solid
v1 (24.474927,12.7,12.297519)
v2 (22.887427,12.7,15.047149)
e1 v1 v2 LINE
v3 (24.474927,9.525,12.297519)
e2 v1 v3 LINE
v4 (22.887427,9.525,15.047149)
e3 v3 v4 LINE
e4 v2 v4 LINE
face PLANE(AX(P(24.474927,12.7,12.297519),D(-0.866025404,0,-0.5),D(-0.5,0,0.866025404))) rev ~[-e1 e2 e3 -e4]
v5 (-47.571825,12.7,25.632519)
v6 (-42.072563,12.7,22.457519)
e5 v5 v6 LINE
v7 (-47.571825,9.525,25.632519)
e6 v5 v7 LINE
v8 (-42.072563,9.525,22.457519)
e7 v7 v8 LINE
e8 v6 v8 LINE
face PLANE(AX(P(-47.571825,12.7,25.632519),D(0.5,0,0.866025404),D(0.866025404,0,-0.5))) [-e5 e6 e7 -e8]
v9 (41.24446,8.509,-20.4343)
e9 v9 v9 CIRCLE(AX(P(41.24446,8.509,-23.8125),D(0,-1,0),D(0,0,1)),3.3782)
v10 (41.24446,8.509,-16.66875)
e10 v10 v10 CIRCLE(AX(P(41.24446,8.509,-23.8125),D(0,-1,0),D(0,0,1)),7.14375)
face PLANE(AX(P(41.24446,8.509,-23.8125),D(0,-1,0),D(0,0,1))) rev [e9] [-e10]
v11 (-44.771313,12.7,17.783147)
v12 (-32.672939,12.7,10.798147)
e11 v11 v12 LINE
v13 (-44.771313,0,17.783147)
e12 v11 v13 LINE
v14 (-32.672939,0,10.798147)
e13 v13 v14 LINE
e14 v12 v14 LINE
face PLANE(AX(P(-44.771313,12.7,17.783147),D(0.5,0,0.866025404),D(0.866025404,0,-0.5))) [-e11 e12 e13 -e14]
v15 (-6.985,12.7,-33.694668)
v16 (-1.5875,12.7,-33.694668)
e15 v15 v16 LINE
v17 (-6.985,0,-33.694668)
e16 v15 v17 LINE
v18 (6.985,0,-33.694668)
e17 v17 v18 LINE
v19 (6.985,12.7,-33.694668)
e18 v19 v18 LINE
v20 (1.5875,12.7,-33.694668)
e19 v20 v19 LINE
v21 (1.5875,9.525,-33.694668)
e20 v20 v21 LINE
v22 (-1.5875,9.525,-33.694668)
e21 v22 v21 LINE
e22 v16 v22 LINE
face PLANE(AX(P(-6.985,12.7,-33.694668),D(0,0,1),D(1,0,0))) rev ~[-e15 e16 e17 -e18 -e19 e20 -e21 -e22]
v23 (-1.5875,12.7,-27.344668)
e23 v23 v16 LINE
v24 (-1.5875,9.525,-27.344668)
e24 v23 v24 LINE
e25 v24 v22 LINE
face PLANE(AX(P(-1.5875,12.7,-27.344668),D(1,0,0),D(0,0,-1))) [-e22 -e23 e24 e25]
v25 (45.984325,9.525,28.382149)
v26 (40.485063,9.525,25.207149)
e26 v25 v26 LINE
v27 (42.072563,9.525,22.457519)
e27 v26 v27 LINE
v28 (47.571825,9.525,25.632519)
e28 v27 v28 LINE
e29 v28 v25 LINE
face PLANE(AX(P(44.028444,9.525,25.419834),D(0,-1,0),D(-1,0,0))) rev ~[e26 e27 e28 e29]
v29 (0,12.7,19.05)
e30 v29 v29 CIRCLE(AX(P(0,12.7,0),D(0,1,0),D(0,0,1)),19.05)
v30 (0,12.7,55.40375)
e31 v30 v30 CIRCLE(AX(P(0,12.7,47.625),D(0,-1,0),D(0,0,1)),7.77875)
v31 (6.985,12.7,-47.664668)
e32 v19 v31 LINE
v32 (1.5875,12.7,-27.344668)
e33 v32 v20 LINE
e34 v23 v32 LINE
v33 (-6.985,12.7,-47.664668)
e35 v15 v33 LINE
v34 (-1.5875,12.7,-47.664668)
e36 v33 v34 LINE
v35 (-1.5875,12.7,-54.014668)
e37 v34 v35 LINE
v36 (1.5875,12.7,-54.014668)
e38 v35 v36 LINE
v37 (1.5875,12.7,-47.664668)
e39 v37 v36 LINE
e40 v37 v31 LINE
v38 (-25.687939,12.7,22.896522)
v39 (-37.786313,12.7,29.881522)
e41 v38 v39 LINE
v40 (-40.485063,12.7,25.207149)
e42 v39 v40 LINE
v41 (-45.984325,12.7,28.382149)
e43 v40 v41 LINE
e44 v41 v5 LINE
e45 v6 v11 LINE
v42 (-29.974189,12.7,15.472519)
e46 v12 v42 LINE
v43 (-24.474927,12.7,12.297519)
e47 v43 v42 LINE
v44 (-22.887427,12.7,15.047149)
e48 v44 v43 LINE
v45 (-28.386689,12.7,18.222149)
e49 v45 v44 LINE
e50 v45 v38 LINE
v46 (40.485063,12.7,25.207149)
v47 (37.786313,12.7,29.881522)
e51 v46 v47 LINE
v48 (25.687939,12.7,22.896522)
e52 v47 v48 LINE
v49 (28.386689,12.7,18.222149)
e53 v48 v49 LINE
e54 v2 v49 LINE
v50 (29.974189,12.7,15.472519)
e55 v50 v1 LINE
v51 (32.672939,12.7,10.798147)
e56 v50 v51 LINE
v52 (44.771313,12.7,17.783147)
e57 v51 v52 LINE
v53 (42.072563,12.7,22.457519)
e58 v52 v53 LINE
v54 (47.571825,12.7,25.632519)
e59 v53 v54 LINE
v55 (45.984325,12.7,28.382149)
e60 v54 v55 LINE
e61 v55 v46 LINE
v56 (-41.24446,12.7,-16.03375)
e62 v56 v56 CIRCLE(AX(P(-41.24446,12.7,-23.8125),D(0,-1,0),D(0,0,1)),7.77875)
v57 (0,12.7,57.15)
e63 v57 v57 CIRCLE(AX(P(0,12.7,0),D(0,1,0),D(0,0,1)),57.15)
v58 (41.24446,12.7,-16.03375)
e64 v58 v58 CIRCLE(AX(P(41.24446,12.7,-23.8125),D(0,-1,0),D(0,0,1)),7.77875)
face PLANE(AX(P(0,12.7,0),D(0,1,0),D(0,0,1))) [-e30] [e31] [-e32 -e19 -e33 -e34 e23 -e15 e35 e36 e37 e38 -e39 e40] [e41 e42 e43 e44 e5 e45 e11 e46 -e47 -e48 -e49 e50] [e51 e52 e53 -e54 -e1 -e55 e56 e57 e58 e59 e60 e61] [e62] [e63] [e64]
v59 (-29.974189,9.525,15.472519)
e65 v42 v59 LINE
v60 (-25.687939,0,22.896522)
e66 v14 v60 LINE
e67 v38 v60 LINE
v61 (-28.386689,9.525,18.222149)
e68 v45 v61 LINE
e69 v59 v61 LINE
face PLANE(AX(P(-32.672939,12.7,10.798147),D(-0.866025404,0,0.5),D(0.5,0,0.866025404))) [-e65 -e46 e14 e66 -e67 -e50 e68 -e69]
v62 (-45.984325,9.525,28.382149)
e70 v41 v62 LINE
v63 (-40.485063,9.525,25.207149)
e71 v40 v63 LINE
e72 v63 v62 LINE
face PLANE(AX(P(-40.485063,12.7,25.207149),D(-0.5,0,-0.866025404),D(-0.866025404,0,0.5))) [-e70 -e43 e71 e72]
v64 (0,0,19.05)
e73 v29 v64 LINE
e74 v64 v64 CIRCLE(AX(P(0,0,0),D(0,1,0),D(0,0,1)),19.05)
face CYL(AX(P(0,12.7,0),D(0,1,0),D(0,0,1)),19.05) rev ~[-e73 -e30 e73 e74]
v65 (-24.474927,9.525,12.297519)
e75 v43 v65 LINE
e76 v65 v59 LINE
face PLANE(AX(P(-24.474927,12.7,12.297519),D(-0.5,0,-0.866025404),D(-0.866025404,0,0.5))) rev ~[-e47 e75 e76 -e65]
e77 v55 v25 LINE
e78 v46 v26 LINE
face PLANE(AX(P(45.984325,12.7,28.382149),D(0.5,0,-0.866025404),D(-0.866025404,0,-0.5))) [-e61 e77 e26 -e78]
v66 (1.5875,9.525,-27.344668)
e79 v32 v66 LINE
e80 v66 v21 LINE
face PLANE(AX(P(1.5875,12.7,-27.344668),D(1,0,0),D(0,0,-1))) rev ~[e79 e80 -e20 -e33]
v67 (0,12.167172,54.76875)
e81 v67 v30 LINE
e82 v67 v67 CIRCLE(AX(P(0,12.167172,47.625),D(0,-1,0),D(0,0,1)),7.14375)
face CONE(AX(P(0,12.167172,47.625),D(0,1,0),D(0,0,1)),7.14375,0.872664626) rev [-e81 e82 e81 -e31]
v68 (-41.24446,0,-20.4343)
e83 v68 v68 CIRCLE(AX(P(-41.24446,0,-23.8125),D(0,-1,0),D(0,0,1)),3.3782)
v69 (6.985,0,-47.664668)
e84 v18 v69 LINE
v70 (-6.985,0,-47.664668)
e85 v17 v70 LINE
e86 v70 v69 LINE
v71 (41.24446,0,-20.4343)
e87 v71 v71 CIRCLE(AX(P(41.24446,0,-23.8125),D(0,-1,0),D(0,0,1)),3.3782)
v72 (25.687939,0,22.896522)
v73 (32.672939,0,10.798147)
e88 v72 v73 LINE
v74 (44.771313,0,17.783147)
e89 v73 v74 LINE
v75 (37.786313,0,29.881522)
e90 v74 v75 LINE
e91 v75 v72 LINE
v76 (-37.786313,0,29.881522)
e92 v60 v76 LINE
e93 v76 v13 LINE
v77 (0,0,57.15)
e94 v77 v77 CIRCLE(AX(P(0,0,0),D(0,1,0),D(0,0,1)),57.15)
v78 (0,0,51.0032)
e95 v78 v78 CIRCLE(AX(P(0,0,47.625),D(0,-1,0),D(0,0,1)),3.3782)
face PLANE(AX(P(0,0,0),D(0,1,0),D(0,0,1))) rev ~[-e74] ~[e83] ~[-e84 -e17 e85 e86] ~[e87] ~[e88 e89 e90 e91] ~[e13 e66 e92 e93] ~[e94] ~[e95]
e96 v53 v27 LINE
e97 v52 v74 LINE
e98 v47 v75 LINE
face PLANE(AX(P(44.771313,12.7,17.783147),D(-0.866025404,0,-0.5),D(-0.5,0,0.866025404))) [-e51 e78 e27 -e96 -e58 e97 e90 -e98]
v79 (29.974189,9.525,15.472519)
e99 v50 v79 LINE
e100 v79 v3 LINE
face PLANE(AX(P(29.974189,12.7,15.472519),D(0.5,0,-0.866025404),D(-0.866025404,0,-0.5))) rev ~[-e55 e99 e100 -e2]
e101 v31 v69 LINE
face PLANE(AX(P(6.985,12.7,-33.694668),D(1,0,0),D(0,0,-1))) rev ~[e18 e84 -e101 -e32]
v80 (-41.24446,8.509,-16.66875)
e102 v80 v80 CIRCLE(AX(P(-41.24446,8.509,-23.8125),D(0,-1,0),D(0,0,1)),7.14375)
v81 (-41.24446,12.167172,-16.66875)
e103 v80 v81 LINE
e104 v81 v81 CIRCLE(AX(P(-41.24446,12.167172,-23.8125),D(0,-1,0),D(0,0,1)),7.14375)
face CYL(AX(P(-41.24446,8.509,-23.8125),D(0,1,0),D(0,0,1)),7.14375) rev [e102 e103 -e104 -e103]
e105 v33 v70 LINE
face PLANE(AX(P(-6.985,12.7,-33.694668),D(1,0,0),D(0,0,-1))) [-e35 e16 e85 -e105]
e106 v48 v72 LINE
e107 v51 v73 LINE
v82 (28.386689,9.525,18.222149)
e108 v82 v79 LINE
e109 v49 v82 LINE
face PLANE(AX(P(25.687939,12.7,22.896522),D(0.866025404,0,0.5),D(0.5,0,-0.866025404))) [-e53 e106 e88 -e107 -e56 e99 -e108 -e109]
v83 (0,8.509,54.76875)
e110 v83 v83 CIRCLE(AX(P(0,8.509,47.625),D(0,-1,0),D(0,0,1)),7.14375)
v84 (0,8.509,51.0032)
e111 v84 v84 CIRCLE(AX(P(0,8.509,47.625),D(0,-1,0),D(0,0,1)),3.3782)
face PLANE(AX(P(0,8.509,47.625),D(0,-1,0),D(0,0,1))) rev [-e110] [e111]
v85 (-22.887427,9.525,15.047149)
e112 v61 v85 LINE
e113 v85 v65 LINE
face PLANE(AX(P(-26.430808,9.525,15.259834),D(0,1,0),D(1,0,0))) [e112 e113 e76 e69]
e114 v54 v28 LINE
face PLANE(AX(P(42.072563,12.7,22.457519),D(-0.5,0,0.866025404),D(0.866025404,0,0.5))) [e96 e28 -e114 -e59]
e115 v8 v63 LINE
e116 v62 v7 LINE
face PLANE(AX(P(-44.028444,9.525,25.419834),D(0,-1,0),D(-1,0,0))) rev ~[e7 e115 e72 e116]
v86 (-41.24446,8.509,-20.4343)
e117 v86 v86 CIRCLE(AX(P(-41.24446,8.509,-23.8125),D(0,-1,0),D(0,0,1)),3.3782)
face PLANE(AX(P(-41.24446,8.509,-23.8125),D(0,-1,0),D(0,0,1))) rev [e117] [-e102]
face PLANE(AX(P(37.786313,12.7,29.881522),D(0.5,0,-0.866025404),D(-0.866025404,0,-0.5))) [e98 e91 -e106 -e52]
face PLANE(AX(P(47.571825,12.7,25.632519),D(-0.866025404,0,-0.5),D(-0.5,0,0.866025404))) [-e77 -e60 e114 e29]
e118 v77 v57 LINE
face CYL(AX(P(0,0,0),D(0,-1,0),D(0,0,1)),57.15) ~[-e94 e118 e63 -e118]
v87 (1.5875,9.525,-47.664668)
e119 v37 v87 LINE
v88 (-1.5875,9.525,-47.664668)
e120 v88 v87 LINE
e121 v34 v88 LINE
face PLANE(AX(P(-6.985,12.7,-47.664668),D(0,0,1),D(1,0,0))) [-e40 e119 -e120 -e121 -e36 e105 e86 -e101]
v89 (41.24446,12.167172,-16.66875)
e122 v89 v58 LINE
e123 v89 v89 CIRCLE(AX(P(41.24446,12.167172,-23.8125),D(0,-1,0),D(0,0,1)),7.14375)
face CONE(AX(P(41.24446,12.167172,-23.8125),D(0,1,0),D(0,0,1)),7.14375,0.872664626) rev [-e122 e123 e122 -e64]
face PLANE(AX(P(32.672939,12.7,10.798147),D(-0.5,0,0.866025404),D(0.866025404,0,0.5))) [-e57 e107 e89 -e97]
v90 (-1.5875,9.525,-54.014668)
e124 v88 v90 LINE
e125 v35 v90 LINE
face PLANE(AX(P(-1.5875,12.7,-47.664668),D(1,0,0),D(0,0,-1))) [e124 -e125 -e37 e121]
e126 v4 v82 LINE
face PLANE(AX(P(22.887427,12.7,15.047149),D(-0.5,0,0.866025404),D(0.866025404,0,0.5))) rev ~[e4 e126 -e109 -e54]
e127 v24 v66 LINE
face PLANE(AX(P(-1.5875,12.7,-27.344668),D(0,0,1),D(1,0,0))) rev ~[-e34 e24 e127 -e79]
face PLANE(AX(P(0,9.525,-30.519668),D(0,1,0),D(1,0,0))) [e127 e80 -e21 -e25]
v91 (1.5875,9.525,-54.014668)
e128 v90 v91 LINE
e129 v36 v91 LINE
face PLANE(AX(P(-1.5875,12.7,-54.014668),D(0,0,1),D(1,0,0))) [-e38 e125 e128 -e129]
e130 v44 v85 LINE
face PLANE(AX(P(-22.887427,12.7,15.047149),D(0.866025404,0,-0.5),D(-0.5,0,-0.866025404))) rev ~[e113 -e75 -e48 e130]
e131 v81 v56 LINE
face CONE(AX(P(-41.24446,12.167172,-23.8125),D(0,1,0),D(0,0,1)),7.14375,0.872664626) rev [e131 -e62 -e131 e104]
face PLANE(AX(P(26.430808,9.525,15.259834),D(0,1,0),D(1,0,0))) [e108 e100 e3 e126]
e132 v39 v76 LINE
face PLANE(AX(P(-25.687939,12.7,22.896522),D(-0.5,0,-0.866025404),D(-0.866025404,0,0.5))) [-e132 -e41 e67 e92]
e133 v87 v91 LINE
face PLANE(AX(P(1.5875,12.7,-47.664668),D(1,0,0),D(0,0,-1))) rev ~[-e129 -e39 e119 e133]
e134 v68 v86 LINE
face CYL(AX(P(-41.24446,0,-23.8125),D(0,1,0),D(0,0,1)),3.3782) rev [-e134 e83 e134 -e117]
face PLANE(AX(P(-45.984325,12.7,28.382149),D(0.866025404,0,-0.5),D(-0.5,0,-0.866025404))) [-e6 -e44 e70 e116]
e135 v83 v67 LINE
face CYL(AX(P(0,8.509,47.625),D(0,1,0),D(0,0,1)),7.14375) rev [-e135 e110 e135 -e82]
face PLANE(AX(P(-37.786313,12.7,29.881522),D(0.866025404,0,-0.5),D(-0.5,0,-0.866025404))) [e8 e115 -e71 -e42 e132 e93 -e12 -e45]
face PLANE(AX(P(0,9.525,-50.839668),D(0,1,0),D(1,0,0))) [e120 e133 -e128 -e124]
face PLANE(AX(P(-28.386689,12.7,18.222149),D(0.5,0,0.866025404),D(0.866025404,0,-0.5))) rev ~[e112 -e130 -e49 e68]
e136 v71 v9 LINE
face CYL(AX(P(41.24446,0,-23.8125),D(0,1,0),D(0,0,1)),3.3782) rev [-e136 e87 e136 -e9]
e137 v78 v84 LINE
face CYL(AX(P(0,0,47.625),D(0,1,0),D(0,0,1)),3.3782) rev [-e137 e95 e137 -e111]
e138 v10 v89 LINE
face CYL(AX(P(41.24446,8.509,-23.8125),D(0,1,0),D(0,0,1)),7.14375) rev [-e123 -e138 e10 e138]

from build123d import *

# Parameters (mm, degrees)
SKETCH1_R                                    = 57.15
BOSS_EXTRUDE1_DEPTH                          = 12.7
SKETCH2_R                                    = 19.05
CUT_EXTRUDE1_DEPTH                           = 76.2
CBORE_FOR_1_4_BINDING_HEAD_MACHINE_S_2_COUNT = 2
CBORE_FOR_1_4_BINDING_HEAD_MACHINE_S_2_PITCH = 82.48891971
CBORE_FOR_1_4_BINDING_HEAD_MACHINE_S_3_COUNT = 2
CBORE_FOR_1_4_BINDING_HEAD_MACHINE_S_3_PITCH = 82.48891971
SKETCH5_W                                    = 13.97
SKETCH5_H                                    = 13.97
CUT_EXTRUDE2_DEPTH                           = 12.7
SKETCH7_W                                    = 3.175
SKETCH7_H                                    = 6.35
CUT_EXTRUDE4_DEPTH                           = 3.175


with BuildPart() as part:
    # Sketch1 → Boss-Extrude1 (new body)
    with BuildSketch(Plane(origin=(0, 0, 0), x_dir=(1, 0, 0), z_dir=(0, 1, 0))):
        with Locations(Location((0, 0, 0), (0, 0, 270))):
            Circle(SKETCH1_R)
    extrude(amount=BOSS_EXTRUDE1_DEPTH)

    # Sketch2 → Cut-Extrude1 (cut)
    with BuildSketch(Plane(origin=(0, 12.7, 0), x_dir=(1, 0, 0), z_dir=(0, 1, 0))):
        with Locations(Location((0, 0, 0), (0, 0, 270))):
            Circle(SKETCH2_R)
    extrude(amount=-CUT_EXTRUDE1_DEPTH, mode=Mode.SUBTRACT)

    # Sketch4 → CBORE for 1/4 Binding Head Machine Screw1 (revolve, cut)
    with BuildSketch(Plane(origin=(-41.244459855, 12.7, -23.8125), x_dir=(0, 0, 1), z_dir=(1, 0, 0))):
        Polygon((0, 0), (0, 12.7), (3.3782, 12.7), (3.3782, 4.191), (7.14375, 4.191), (7.14375, 0.532828266), (7.77875, 0), align=None)
    cbore_for_1_4_binding_head_machine_screw = revolve(axis=Axis((-41.244459855, 19.05, -23.8125), (0, -1, 0)), mode=Mode.SUBTRACT)

    # CBORE for 1_4 Binding Head Machine S 2: CBORE for 1/4 Binding Head Machine Screw1 ×2
    with Locations(*[(i * CBORE_FOR_1_4_BINDING_HEAD_MACHINE_S_2_PITCH, 0, 0) for i in range(1, CBORE_FOR_1_4_BINDING_HEAD_MACHINE_S_2_COUNT)]):
        add(cbore_for_1_4_binding_head_machine_screw, mode=Mode.SUBTRACT)

    # CBORE for 1_4 Binding Head Machine S 3: CBORE for 1/4 Binding Head Machine Screw1 ×2
    with Locations(*[Vector(0.4999999999999999, 0, 0.8660254037844388) * (i * CBORE_FOR_1_4_BINDING_HEAD_MACHINE_S_3_PITCH) for i in range(1, CBORE_FOR_1_4_BINDING_HEAD_MACHINE_S_3_COUNT)]):
        add(cbore_for_1_4_binding_head_machine_screw, mode=Mode.SUBTRACT)

    # Sketch5 → Cut-Extrude2 (cut)
    with BuildSketch(Plane(origin=(0, 12.7, 0), x_dir=(1, 0, 0), z_dir=(0, 1, 0))):
        Polygon((-44.771313472, -17.783146625), (-32.672938582, -10.798146625), (-25.687938582, -22.896521516), (-37.786313472, -29.881521516), align=None)
        Polygon((32.672938582, -10.798146625), (44.771313472, -17.783146625), (37.786313472, -29.881521516), (25.687938582, -22.896521516), align=None)
        with Locations((0, 40.67966814)):
            Rectangle(SKETCH5_W, SKETCH5_H)
    extrude(amount=-CUT_EXTRUDE2_DEPTH, mode=Mode.SUBTRACT)

    # Sketch7 → Cut-Extrude4 (cut)
    with BuildSketch(Plane(origin=(0, 12.7, 0), x_dir=(1, 0, 0), z_dir=(0, 1, 0))):
        with Locations((0, 50.83966814)):
            Rectangle(SKETCH7_W, SKETCH7_H)
        with Locations((0, 30.51966814)):
            Rectangle(SKETCH7_W, SKETCH7_H)
        Polygon((42.072563472, -22.457518742), (47.571824786, -25.632518742), (45.984324786, -28.382149399), (40.485063472, -25.207149399), align=None)
        Polygon((29.974188582, -15.472518742), (24.474927268, -12.297518742), (22.887427268, -15.047149399), (28.386688582, -18.222149399), align=None)
        Polygon((-40.485063472, -25.207149399), (-45.984324786, -28.382149399), (-47.571824786, -25.632518742), (-42.072563472, -22.457518742), align=None)
        Polygon((-28.386688582, -18.222149399), (-22.887427268, -15.047149399), (-24.474927268, -12.297518742), (-29.974188582, -15.472518742), align=None)
    extrude(amount=-CUT_EXTRUDE4_DEPTH, mode=Mode.SUBTRACT)


solid = part.part
